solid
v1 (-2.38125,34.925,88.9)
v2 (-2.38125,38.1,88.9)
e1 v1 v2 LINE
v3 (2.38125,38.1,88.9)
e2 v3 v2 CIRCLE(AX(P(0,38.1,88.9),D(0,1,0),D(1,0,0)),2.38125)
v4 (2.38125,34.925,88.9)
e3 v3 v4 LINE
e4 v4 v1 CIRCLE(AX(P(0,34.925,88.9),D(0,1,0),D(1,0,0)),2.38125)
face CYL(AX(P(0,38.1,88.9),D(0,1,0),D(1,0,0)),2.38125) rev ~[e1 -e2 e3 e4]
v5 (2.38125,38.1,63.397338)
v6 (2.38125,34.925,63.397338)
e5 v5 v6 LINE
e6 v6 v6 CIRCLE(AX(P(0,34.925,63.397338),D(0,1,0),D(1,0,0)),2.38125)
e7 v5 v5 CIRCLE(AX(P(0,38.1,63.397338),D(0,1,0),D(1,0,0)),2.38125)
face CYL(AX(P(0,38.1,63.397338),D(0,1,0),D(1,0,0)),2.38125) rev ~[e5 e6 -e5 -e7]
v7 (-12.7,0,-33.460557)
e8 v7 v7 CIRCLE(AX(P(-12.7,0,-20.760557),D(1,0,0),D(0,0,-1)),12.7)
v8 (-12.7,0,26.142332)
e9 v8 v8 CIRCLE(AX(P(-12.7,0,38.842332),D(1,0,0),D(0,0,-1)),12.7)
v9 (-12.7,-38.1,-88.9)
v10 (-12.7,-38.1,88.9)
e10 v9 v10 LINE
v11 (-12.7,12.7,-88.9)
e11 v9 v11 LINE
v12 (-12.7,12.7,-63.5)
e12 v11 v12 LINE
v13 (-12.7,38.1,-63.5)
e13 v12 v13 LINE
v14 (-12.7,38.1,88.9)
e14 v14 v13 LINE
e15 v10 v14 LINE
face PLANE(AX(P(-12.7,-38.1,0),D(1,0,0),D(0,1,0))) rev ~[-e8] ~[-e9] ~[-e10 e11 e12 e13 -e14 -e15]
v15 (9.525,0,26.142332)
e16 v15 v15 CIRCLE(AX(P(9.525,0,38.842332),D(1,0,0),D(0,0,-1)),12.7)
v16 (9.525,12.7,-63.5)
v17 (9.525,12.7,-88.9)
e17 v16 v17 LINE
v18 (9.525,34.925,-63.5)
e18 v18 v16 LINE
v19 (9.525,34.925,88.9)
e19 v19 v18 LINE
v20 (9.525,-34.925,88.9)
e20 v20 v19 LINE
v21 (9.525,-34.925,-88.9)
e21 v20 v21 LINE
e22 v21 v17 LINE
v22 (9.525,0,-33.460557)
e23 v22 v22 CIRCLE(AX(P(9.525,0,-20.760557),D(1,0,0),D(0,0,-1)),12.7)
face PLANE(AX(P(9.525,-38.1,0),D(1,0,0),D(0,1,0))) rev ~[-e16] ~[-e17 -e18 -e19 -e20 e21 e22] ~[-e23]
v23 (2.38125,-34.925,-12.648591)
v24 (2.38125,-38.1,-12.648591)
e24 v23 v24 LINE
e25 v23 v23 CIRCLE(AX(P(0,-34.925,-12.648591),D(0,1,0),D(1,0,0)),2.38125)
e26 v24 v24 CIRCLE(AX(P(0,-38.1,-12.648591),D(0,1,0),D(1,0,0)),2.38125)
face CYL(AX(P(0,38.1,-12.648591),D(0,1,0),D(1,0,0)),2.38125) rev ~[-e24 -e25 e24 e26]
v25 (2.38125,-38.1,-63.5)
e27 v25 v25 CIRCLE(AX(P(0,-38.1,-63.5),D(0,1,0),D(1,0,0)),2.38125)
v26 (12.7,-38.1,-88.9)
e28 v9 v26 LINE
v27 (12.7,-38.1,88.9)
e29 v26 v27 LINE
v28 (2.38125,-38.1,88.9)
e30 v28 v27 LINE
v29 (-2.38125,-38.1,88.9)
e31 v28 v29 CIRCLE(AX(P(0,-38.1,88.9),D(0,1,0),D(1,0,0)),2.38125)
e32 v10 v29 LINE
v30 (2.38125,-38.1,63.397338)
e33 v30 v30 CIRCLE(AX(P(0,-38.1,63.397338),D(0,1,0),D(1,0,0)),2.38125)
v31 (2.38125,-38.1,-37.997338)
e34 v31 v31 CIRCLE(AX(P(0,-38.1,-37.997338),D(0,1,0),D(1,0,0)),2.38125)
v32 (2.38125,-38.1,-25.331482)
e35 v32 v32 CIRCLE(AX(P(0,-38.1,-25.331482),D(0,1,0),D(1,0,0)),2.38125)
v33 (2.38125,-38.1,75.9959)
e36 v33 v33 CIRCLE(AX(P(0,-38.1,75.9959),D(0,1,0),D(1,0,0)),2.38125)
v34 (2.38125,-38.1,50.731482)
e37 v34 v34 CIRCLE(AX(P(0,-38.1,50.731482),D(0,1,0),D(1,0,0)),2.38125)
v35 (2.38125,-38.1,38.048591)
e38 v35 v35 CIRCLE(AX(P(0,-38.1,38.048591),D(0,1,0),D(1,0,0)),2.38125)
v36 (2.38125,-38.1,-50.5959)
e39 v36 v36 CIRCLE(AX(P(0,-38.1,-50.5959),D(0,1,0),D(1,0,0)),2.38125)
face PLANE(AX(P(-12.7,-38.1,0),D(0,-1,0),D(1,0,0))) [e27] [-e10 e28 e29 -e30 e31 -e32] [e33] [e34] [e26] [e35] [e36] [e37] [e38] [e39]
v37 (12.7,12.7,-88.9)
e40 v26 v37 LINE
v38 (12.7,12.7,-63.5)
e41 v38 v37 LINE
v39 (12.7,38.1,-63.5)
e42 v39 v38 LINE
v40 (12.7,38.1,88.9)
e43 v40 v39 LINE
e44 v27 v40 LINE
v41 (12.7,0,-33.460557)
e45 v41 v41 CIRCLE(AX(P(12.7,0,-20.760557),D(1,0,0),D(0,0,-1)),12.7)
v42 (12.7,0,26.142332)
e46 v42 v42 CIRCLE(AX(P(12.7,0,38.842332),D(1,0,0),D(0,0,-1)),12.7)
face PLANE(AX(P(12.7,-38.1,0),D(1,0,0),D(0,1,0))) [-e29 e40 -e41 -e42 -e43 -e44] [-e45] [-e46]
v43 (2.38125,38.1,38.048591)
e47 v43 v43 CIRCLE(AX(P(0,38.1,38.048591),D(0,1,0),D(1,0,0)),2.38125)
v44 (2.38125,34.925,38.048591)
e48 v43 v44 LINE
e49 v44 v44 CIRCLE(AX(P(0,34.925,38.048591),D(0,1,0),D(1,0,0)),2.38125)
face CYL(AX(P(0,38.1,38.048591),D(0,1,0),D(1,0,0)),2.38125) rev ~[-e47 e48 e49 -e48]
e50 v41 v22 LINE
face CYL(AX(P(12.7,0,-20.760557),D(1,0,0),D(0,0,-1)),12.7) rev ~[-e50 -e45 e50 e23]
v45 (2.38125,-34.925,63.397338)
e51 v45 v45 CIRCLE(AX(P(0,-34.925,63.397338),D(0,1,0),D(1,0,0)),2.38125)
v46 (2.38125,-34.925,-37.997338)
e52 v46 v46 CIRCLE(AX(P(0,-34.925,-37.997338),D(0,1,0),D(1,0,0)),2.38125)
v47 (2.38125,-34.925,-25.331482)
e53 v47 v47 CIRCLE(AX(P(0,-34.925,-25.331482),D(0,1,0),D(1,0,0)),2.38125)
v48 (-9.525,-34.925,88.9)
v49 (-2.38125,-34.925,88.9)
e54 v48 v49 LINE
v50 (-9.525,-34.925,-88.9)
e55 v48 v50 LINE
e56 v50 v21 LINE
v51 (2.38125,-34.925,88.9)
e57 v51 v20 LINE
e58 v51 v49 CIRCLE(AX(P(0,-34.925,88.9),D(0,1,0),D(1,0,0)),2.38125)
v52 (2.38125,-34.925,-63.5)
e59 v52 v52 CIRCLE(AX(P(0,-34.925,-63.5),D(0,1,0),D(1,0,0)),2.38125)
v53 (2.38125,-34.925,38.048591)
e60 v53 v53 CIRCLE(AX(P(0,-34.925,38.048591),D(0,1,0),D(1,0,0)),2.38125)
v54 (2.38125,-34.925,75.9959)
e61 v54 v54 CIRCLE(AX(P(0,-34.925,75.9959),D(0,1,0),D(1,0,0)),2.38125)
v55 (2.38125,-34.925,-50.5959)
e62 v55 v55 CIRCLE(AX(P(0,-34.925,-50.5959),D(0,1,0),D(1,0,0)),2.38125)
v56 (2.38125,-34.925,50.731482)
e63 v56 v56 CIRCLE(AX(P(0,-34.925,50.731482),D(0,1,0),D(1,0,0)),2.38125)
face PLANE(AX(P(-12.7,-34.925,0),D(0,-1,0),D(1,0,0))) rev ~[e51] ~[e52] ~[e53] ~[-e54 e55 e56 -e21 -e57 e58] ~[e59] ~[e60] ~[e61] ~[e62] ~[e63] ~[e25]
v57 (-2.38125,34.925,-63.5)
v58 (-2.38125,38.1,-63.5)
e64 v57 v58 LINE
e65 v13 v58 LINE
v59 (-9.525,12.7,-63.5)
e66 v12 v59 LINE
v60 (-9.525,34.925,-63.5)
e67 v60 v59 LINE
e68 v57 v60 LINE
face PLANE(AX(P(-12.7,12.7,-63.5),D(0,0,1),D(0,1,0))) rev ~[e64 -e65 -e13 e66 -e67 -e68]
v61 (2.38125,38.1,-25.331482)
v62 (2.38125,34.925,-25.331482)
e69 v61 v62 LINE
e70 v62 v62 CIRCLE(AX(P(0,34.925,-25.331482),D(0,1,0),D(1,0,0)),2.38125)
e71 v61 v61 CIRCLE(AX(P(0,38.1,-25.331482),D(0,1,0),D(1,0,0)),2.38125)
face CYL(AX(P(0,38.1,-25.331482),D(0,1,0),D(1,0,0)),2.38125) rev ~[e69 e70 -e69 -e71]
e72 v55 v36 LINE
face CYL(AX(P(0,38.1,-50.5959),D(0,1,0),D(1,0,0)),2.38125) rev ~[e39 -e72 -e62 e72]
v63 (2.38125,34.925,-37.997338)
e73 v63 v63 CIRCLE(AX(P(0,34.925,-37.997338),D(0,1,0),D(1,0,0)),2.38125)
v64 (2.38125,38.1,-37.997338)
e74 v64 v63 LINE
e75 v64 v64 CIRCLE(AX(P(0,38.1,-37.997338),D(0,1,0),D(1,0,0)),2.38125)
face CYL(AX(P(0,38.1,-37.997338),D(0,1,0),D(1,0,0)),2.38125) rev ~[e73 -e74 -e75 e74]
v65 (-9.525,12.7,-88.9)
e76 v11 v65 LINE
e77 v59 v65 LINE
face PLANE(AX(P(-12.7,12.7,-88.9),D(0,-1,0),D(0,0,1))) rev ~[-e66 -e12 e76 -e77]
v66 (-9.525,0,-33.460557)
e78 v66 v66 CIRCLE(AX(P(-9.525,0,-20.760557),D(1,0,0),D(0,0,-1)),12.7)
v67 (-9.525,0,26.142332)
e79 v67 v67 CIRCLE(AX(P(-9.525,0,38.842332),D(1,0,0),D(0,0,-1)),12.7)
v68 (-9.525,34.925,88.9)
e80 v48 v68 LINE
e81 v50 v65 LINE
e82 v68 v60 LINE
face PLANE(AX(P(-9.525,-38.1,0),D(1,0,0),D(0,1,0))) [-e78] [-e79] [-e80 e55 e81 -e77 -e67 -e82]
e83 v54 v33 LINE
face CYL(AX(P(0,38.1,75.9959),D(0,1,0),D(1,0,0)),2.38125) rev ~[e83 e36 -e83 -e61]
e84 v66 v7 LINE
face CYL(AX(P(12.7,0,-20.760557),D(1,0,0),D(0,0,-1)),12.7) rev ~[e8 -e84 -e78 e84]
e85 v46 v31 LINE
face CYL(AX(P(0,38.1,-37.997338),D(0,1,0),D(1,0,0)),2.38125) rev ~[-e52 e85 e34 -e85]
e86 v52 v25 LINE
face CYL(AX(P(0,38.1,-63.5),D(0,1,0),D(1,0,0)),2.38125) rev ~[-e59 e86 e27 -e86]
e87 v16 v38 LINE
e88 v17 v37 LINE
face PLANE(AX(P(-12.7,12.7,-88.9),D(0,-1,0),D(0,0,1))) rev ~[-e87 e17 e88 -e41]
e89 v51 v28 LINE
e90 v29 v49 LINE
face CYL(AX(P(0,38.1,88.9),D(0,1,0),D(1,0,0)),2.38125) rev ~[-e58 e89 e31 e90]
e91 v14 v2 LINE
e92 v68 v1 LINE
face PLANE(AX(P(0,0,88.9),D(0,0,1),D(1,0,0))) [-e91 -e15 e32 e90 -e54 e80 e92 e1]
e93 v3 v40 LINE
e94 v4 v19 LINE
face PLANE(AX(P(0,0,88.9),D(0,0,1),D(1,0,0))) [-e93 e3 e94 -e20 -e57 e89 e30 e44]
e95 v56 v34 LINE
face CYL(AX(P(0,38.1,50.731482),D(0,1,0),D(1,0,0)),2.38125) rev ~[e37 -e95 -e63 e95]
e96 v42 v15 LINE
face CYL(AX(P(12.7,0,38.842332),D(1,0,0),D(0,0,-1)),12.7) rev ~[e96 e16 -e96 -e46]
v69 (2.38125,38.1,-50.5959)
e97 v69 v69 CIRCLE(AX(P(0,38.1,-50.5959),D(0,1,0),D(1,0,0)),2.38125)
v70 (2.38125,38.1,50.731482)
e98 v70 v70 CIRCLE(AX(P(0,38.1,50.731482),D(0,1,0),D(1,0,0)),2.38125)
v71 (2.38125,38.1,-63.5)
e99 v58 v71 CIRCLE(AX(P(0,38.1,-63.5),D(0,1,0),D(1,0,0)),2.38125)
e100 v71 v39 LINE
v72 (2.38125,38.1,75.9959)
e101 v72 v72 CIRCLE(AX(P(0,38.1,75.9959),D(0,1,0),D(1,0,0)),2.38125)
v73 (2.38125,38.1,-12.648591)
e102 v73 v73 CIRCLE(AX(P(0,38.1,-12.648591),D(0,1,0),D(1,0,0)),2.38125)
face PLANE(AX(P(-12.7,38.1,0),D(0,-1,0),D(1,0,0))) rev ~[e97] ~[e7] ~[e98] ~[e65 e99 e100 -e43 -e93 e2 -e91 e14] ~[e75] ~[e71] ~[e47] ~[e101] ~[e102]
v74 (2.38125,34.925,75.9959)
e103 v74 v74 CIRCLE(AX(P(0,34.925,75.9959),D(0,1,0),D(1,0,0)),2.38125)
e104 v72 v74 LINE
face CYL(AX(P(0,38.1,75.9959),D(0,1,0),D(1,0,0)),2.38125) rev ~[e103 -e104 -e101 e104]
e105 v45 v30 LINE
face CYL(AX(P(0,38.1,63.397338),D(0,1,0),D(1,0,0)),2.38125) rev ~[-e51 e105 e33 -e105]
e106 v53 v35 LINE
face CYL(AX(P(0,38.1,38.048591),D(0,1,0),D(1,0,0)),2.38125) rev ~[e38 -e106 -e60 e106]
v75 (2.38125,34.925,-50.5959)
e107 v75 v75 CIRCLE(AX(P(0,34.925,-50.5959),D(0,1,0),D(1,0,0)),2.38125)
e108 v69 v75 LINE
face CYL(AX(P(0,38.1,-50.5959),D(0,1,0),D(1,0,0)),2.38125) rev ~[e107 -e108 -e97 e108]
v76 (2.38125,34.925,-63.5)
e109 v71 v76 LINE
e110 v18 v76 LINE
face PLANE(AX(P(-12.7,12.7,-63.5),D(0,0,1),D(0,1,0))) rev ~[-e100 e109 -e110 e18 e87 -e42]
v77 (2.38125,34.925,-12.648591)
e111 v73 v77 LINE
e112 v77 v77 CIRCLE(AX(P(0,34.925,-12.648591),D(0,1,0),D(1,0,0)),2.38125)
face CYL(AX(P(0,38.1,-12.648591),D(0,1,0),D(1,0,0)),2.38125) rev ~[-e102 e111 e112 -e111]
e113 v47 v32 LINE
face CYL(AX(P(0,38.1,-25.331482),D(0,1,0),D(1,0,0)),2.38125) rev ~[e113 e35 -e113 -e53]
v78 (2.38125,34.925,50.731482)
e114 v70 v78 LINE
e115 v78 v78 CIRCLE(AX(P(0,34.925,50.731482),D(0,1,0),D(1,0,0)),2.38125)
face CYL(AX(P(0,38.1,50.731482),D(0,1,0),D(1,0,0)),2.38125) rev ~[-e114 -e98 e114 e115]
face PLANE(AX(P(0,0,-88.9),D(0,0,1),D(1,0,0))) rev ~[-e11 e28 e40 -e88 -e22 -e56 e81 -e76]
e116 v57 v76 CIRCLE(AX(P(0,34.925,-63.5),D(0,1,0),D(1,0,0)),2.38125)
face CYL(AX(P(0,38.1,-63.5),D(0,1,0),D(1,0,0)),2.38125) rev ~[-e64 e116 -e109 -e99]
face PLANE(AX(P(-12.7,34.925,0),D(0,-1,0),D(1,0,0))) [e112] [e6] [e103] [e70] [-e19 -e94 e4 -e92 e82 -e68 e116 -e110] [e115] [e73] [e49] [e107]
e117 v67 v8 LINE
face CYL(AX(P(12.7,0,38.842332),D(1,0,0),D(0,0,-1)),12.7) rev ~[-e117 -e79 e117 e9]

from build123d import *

# Parameters (mm, degrees)
SKETCH1_W           = 25.4
SKETCH1_H           = 76.2
BOSS_EXTRUDE1_DEPTH = 88.9
SHELL1_T            = -3.175
SKETCH2_W           = 25.4
SKETCH2_H           = 25.4
CUT_EXTRUDE1_DEPTH  = 26.4
SKETCH3_R           = 2.38125
CUT_EXTRUDE2_DEPTH  = 77.2
SKETCH5_R           = 12.7
CUT_EXTRUDE3_DEPTH  = 26.4


with BuildPart() as part:
    # Sketch1 → Boss-Extrude1 (new body, symmetric)
    with BuildSketch(Plane.XY):
        Rectangle(SKETCH1_W, SKETCH1_H)
    extrude(amount=BOSS_EXTRUDE1_DEPTH, both=True)

    # Shell1
    shell1_openings = [part.faces().sort_by_distance(p)[0] for p in [
        (0, 0, 88.9),
        (0, 0, -88.9),
    ]]
    offset(amount=SHELL1_T, openings=shell1_openings, kind=Kind.INTERSECTION)

    # Sketch2 → Cut-Extrude1 (cut, through all)
    with BuildSketch(Plane.ZY.offset(12.7)):
        with Locations((-76.2, 25.4)):
            Rectangle(SKETCH2_W, SKETCH2_H)
    extrude(amount=-CUT_EXTRUDE1_DEPTH, mode=Mode.SUBTRACT)

    # Sketch3 → Cut-Extrude2 (cut, through all)
    with BuildSketch(Plane(origin=(0, 38.1, 0), x_dir=(1, 0, 0), z_dir=(0, 1, 0))):
        with Locations((0, -88.9)):
            Circle(SKETCH3_R)
        with Locations((0, -75.995900078)):
            Circle(SKETCH3_R)
        with Locations((0, -63.397337518)):
            Circle(SKETCH3_R)
        with Locations((0, -50.731481722)):
            Circle(SKETCH3_R)
        with Locations((0, -38.048590908)):
            Circle(SKETCH3_R)
        with Locations((0, 63.5)):
            Circle(SKETCH3_R)
        with Locations((0, 12.648590908)):
            Circle(SKETCH3_R)
        with Locations((0, 25.331481722)):
            Circle(SKETCH3_R)
        with Locations((0, 37.997337518)):
            Circle(SKETCH3_R)
        with Locations((0, 50.595900078)):
            Circle(SKETCH3_R)
    extrude(amount=-CUT_EXTRUDE2_DEPTH, mode=Mode.SUBTRACT)

    # Sketch5 → Cut-Extrude3 (cut, through all)
    with BuildSketch(Plane(origin=(12.7, 0, 0), x_dir=(0, 0, -1), z_dir=(1, 0, 0))):
        with Locations((20.760556689, 0)):
            Circle(SKETCH5_R)
        with Locations((-38.84233187, 0)):
            Circle(SKETCH5_R)
    extrude(amount=-CUT_EXTRUDE3_DEPTH, mode=Mode.SUBTRACT)


solid = part.part
